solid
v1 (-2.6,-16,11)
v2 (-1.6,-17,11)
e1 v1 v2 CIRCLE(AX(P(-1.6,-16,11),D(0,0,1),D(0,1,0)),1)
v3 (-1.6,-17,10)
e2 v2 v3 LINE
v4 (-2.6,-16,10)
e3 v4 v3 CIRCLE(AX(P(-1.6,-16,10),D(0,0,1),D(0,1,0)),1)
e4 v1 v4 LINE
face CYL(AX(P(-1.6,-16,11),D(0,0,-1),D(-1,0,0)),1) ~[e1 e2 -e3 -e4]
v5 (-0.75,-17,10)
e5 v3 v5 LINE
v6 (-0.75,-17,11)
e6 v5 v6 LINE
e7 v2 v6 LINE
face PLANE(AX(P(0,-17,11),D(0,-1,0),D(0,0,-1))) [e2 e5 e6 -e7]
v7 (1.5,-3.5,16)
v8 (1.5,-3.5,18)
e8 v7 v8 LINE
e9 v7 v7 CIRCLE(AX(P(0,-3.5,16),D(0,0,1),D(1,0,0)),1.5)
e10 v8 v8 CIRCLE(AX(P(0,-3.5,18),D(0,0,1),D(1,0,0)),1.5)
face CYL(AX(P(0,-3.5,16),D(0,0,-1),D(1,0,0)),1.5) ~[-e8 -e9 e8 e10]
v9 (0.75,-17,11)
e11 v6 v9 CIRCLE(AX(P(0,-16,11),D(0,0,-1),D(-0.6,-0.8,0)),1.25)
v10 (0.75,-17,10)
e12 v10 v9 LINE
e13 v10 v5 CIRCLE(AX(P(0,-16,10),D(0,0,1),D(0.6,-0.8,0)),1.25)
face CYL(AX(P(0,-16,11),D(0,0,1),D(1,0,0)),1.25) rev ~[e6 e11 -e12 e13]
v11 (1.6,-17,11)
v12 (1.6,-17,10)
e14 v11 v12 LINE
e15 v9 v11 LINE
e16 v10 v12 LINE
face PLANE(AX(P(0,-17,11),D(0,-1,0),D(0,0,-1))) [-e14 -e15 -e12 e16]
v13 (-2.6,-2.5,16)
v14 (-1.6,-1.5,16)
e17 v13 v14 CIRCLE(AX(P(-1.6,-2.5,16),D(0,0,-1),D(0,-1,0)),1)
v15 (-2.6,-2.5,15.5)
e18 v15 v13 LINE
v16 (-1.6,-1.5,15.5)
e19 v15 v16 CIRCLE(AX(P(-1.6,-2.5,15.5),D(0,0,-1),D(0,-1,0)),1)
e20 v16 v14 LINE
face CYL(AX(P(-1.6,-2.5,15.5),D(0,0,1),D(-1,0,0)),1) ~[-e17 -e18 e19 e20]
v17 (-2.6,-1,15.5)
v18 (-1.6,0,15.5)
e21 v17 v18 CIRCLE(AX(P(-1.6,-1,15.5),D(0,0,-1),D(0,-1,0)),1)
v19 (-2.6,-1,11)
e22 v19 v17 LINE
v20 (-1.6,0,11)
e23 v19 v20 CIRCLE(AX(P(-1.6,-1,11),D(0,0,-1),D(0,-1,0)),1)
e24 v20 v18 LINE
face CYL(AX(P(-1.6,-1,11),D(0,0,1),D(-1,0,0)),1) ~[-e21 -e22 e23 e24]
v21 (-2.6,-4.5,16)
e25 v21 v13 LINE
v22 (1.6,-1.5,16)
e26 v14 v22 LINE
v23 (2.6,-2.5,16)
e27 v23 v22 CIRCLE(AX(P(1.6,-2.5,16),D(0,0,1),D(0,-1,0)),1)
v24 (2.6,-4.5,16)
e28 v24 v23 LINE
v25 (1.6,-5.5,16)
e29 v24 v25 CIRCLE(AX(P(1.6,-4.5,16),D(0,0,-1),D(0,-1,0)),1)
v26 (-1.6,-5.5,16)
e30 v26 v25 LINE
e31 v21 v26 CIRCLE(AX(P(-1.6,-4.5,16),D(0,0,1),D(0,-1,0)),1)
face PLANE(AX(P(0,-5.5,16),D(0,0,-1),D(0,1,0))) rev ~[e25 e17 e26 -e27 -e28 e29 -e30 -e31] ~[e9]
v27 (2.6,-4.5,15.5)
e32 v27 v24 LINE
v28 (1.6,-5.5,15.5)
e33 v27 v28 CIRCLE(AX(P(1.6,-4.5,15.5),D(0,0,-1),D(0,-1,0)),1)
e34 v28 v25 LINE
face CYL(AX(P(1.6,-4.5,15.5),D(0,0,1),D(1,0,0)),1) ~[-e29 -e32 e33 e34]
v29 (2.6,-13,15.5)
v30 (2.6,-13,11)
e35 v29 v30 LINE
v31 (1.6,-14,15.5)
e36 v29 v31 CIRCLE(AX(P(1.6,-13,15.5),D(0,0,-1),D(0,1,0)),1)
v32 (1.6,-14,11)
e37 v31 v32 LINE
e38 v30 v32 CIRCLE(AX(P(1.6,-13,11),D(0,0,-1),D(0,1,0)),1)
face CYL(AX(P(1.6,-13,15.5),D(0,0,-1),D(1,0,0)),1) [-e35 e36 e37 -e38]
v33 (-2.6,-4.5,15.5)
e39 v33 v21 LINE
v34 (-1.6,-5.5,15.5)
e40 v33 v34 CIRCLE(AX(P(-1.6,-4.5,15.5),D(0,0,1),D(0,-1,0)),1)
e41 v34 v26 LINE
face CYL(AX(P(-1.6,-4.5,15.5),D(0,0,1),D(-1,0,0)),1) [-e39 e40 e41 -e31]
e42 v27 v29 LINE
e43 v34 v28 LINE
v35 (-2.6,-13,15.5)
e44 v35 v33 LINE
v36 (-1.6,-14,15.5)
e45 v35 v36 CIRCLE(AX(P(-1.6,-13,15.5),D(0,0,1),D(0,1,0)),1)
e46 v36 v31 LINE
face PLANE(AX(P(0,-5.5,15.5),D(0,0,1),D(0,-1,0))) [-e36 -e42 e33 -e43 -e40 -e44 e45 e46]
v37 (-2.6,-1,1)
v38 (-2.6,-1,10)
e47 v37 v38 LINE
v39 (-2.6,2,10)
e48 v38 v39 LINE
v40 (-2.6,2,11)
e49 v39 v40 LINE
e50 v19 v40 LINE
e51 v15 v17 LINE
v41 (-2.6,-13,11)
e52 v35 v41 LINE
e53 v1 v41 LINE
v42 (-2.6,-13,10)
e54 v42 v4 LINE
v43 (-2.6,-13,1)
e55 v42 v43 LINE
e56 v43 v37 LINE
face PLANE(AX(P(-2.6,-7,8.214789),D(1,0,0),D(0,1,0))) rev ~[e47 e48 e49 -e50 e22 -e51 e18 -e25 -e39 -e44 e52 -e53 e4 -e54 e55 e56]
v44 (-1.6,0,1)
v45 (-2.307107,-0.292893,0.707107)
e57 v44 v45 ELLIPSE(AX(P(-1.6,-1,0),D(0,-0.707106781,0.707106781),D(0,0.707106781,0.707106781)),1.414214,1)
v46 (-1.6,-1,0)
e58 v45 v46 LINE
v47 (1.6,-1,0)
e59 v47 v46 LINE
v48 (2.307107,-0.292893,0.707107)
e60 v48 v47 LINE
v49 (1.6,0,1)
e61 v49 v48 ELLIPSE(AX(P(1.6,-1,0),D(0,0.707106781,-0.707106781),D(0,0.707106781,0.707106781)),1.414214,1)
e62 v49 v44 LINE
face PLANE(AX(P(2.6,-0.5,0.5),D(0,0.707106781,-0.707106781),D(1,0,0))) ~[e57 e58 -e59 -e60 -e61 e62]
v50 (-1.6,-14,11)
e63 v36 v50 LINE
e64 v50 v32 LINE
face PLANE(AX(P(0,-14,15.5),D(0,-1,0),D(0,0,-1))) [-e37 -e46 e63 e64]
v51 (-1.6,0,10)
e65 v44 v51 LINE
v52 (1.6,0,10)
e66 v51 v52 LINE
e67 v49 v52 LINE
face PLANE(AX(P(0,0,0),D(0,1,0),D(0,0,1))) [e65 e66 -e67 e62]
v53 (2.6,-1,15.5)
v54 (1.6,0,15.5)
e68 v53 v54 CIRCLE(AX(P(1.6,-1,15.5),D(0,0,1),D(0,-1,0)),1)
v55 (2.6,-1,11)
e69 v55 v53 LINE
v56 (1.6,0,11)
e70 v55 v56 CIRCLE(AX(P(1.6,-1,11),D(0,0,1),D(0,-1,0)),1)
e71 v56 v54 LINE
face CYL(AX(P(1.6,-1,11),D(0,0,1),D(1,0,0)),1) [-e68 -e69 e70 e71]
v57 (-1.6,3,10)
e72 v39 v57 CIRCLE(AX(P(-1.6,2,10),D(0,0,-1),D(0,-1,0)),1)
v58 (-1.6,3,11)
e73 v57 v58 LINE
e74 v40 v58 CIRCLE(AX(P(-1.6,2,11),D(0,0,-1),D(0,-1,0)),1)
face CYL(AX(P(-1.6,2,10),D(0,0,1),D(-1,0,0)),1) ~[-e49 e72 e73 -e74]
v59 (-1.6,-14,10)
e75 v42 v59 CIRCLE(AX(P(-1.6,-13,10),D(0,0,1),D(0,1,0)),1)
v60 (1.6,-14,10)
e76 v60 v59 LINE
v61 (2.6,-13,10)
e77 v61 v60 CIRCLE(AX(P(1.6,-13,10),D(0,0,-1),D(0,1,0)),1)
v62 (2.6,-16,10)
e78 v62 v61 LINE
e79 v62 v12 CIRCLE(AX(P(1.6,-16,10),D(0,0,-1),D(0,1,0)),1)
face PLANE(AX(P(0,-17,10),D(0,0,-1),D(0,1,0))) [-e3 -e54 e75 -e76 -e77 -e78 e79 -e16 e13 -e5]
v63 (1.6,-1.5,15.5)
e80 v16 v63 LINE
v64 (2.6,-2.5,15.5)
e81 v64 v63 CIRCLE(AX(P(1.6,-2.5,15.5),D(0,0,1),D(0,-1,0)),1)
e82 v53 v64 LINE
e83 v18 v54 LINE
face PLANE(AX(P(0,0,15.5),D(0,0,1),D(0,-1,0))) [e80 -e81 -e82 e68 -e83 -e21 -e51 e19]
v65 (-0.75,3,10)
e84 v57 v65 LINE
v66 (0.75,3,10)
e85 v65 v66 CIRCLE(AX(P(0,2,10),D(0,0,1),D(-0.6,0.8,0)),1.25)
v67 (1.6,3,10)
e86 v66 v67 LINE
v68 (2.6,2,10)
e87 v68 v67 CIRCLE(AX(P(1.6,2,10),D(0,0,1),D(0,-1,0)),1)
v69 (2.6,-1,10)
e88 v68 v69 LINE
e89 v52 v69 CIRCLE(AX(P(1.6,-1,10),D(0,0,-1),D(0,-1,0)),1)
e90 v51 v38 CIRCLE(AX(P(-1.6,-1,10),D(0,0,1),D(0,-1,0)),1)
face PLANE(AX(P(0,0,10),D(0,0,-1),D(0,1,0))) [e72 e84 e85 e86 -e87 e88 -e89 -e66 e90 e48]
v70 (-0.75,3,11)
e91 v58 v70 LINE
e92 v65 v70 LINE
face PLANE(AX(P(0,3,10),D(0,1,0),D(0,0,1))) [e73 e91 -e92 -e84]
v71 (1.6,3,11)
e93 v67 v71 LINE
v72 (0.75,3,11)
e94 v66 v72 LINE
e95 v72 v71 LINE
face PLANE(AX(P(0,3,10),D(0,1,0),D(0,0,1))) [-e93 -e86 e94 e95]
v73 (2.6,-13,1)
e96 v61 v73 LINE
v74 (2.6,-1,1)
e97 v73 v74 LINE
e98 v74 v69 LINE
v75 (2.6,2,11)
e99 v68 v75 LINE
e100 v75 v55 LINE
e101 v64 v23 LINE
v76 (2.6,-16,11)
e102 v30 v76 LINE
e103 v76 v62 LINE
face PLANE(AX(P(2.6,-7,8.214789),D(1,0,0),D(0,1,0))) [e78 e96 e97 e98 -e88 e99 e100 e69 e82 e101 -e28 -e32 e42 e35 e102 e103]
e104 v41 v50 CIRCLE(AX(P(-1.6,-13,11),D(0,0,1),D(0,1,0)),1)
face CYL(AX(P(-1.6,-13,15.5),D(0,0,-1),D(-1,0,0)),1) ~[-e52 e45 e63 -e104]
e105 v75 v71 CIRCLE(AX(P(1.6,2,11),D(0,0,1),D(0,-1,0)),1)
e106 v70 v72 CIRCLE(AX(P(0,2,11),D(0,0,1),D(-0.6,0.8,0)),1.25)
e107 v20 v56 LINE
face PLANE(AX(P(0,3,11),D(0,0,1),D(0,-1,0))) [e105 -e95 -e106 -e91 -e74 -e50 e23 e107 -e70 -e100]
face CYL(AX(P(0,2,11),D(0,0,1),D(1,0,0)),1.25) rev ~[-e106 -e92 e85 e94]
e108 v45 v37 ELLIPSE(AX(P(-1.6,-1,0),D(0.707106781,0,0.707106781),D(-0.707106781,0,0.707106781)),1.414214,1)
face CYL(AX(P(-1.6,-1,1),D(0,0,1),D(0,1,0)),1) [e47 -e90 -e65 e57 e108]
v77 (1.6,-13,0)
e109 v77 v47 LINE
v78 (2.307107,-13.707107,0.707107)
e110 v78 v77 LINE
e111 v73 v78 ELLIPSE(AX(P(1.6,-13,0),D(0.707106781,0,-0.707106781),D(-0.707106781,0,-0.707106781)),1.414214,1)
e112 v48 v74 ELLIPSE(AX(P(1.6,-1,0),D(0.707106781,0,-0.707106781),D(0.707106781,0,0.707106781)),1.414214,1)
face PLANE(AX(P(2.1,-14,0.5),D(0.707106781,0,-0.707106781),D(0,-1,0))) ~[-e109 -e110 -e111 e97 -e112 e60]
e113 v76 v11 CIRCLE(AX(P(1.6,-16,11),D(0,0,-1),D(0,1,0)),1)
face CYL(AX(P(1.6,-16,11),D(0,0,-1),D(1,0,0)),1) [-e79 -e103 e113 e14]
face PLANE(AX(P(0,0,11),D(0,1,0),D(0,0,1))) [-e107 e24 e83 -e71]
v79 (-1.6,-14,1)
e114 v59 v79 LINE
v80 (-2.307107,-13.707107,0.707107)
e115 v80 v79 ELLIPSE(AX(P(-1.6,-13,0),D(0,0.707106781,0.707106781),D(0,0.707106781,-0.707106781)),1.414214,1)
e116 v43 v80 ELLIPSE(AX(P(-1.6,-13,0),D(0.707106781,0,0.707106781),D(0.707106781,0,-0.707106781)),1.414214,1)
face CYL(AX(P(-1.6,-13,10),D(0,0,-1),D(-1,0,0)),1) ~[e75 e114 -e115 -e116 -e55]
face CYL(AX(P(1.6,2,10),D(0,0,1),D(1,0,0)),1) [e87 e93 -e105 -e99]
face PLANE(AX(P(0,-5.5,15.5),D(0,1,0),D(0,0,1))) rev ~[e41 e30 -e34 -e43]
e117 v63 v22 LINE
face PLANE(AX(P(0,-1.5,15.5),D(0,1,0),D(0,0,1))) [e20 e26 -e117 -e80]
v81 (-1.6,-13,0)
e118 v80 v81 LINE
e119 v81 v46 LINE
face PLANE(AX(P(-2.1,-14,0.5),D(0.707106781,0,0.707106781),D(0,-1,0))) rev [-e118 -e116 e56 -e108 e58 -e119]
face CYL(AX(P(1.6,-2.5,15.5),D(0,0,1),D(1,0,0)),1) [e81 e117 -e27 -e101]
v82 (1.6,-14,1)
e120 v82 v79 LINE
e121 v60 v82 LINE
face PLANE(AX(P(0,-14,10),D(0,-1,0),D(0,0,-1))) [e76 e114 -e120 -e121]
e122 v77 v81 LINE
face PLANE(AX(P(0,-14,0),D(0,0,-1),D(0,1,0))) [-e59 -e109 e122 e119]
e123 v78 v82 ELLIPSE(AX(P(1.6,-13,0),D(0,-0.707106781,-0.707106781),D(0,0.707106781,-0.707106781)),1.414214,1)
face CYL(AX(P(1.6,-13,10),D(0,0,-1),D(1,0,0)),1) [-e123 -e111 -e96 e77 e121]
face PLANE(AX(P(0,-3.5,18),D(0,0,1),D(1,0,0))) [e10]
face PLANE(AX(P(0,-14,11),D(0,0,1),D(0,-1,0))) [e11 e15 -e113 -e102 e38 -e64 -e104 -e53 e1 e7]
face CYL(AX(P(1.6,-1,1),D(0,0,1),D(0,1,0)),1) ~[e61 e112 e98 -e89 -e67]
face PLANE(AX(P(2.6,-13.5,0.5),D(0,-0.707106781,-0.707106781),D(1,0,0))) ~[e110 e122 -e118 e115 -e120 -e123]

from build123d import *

# Parameters (mm, degrees)
F0_W     = 4
F0_H     = 0.5
F1_DEPTH = 2.6
F2_R     = 1.5
F3_DEPTH = 2
F4_SIZE  = 1
F5_R     = 1
F6_R     = 1.25
F7_DEPTH = 25


with BuildPart() as f1:
    # F0 (on Right) → F1 (new body, symmetric)
    with BuildSketch(Plane.YZ):
        Polygon((0, 0), (0, 10), (3, 10), (3, 11), (0, 11), (0, 15.5), (-1.5, 15.5), (-5.5, 15.5), (-14, 15.5), (-14, 11), (-17, 11), (-17, 10), (-14, 10), (-14, 0), align=None)
        with Locations((-3.5, 15.75)):
            Rectangle(F0_W, F0_H)
    extrude(amount=F1_DEPTH, both=True)

    # F2 (on face) → F3 (join)
    with BuildSketch(Plane.XY.offset(16)):
        with Locations((0, -3.5)):
            Circle(F2_R)
    extrude(amount=F3_DEPTH)

    # F4
    f4_edges = [f1.edges().sort_by_distance(p)[0] for p in [
        (-2.6, -7, 0),
        (0, 0, 0),
        (2.6, -7, 0),
        (0, -14, 0),
    ]]
    chamfer(f4_edges, length=F4_SIZE)

    # F5
    f5_edges = [f1.edges().sort_by_distance(p)[0] for p in [
        (2.6, 0, 5.5),
        (2.6, 0, 13.25),
        (-2.6, 0, 13.25),
        (2.6, -1.5, 15.75),
        (2.6, -5.5, 15.75),
        (-2.6, -5.5, 15.75),
        (-2.6, -1.5, 15.75),
        (2.6, -14, 13.25),
        (-2.6, -14, 13.25),
        (2.6, -17, 10.5),
        (-2.6, -17, 10.5),
        (2.6, -14, 5.5),
        (-2.6, -14, 5.5),
        (2.6, 3, 10.5),
        (-2.6, 3, 10.5),
        (-2.6, 0, 5.5),
    ]]
    fillet(f5_edges, radius=F5_R)

    # F6 (on face) → F7 (cut)
    with BuildSketch(Plane.XY.offset(11)):
        with Locations((0, 2)):
            Circle(F6_R)
        with Locations((0, -16)):
            Circle(F6_R)
    extrude(amount=-F7_DEPTH, mode=Mode.SUBTRACT)


solid = f1.part
